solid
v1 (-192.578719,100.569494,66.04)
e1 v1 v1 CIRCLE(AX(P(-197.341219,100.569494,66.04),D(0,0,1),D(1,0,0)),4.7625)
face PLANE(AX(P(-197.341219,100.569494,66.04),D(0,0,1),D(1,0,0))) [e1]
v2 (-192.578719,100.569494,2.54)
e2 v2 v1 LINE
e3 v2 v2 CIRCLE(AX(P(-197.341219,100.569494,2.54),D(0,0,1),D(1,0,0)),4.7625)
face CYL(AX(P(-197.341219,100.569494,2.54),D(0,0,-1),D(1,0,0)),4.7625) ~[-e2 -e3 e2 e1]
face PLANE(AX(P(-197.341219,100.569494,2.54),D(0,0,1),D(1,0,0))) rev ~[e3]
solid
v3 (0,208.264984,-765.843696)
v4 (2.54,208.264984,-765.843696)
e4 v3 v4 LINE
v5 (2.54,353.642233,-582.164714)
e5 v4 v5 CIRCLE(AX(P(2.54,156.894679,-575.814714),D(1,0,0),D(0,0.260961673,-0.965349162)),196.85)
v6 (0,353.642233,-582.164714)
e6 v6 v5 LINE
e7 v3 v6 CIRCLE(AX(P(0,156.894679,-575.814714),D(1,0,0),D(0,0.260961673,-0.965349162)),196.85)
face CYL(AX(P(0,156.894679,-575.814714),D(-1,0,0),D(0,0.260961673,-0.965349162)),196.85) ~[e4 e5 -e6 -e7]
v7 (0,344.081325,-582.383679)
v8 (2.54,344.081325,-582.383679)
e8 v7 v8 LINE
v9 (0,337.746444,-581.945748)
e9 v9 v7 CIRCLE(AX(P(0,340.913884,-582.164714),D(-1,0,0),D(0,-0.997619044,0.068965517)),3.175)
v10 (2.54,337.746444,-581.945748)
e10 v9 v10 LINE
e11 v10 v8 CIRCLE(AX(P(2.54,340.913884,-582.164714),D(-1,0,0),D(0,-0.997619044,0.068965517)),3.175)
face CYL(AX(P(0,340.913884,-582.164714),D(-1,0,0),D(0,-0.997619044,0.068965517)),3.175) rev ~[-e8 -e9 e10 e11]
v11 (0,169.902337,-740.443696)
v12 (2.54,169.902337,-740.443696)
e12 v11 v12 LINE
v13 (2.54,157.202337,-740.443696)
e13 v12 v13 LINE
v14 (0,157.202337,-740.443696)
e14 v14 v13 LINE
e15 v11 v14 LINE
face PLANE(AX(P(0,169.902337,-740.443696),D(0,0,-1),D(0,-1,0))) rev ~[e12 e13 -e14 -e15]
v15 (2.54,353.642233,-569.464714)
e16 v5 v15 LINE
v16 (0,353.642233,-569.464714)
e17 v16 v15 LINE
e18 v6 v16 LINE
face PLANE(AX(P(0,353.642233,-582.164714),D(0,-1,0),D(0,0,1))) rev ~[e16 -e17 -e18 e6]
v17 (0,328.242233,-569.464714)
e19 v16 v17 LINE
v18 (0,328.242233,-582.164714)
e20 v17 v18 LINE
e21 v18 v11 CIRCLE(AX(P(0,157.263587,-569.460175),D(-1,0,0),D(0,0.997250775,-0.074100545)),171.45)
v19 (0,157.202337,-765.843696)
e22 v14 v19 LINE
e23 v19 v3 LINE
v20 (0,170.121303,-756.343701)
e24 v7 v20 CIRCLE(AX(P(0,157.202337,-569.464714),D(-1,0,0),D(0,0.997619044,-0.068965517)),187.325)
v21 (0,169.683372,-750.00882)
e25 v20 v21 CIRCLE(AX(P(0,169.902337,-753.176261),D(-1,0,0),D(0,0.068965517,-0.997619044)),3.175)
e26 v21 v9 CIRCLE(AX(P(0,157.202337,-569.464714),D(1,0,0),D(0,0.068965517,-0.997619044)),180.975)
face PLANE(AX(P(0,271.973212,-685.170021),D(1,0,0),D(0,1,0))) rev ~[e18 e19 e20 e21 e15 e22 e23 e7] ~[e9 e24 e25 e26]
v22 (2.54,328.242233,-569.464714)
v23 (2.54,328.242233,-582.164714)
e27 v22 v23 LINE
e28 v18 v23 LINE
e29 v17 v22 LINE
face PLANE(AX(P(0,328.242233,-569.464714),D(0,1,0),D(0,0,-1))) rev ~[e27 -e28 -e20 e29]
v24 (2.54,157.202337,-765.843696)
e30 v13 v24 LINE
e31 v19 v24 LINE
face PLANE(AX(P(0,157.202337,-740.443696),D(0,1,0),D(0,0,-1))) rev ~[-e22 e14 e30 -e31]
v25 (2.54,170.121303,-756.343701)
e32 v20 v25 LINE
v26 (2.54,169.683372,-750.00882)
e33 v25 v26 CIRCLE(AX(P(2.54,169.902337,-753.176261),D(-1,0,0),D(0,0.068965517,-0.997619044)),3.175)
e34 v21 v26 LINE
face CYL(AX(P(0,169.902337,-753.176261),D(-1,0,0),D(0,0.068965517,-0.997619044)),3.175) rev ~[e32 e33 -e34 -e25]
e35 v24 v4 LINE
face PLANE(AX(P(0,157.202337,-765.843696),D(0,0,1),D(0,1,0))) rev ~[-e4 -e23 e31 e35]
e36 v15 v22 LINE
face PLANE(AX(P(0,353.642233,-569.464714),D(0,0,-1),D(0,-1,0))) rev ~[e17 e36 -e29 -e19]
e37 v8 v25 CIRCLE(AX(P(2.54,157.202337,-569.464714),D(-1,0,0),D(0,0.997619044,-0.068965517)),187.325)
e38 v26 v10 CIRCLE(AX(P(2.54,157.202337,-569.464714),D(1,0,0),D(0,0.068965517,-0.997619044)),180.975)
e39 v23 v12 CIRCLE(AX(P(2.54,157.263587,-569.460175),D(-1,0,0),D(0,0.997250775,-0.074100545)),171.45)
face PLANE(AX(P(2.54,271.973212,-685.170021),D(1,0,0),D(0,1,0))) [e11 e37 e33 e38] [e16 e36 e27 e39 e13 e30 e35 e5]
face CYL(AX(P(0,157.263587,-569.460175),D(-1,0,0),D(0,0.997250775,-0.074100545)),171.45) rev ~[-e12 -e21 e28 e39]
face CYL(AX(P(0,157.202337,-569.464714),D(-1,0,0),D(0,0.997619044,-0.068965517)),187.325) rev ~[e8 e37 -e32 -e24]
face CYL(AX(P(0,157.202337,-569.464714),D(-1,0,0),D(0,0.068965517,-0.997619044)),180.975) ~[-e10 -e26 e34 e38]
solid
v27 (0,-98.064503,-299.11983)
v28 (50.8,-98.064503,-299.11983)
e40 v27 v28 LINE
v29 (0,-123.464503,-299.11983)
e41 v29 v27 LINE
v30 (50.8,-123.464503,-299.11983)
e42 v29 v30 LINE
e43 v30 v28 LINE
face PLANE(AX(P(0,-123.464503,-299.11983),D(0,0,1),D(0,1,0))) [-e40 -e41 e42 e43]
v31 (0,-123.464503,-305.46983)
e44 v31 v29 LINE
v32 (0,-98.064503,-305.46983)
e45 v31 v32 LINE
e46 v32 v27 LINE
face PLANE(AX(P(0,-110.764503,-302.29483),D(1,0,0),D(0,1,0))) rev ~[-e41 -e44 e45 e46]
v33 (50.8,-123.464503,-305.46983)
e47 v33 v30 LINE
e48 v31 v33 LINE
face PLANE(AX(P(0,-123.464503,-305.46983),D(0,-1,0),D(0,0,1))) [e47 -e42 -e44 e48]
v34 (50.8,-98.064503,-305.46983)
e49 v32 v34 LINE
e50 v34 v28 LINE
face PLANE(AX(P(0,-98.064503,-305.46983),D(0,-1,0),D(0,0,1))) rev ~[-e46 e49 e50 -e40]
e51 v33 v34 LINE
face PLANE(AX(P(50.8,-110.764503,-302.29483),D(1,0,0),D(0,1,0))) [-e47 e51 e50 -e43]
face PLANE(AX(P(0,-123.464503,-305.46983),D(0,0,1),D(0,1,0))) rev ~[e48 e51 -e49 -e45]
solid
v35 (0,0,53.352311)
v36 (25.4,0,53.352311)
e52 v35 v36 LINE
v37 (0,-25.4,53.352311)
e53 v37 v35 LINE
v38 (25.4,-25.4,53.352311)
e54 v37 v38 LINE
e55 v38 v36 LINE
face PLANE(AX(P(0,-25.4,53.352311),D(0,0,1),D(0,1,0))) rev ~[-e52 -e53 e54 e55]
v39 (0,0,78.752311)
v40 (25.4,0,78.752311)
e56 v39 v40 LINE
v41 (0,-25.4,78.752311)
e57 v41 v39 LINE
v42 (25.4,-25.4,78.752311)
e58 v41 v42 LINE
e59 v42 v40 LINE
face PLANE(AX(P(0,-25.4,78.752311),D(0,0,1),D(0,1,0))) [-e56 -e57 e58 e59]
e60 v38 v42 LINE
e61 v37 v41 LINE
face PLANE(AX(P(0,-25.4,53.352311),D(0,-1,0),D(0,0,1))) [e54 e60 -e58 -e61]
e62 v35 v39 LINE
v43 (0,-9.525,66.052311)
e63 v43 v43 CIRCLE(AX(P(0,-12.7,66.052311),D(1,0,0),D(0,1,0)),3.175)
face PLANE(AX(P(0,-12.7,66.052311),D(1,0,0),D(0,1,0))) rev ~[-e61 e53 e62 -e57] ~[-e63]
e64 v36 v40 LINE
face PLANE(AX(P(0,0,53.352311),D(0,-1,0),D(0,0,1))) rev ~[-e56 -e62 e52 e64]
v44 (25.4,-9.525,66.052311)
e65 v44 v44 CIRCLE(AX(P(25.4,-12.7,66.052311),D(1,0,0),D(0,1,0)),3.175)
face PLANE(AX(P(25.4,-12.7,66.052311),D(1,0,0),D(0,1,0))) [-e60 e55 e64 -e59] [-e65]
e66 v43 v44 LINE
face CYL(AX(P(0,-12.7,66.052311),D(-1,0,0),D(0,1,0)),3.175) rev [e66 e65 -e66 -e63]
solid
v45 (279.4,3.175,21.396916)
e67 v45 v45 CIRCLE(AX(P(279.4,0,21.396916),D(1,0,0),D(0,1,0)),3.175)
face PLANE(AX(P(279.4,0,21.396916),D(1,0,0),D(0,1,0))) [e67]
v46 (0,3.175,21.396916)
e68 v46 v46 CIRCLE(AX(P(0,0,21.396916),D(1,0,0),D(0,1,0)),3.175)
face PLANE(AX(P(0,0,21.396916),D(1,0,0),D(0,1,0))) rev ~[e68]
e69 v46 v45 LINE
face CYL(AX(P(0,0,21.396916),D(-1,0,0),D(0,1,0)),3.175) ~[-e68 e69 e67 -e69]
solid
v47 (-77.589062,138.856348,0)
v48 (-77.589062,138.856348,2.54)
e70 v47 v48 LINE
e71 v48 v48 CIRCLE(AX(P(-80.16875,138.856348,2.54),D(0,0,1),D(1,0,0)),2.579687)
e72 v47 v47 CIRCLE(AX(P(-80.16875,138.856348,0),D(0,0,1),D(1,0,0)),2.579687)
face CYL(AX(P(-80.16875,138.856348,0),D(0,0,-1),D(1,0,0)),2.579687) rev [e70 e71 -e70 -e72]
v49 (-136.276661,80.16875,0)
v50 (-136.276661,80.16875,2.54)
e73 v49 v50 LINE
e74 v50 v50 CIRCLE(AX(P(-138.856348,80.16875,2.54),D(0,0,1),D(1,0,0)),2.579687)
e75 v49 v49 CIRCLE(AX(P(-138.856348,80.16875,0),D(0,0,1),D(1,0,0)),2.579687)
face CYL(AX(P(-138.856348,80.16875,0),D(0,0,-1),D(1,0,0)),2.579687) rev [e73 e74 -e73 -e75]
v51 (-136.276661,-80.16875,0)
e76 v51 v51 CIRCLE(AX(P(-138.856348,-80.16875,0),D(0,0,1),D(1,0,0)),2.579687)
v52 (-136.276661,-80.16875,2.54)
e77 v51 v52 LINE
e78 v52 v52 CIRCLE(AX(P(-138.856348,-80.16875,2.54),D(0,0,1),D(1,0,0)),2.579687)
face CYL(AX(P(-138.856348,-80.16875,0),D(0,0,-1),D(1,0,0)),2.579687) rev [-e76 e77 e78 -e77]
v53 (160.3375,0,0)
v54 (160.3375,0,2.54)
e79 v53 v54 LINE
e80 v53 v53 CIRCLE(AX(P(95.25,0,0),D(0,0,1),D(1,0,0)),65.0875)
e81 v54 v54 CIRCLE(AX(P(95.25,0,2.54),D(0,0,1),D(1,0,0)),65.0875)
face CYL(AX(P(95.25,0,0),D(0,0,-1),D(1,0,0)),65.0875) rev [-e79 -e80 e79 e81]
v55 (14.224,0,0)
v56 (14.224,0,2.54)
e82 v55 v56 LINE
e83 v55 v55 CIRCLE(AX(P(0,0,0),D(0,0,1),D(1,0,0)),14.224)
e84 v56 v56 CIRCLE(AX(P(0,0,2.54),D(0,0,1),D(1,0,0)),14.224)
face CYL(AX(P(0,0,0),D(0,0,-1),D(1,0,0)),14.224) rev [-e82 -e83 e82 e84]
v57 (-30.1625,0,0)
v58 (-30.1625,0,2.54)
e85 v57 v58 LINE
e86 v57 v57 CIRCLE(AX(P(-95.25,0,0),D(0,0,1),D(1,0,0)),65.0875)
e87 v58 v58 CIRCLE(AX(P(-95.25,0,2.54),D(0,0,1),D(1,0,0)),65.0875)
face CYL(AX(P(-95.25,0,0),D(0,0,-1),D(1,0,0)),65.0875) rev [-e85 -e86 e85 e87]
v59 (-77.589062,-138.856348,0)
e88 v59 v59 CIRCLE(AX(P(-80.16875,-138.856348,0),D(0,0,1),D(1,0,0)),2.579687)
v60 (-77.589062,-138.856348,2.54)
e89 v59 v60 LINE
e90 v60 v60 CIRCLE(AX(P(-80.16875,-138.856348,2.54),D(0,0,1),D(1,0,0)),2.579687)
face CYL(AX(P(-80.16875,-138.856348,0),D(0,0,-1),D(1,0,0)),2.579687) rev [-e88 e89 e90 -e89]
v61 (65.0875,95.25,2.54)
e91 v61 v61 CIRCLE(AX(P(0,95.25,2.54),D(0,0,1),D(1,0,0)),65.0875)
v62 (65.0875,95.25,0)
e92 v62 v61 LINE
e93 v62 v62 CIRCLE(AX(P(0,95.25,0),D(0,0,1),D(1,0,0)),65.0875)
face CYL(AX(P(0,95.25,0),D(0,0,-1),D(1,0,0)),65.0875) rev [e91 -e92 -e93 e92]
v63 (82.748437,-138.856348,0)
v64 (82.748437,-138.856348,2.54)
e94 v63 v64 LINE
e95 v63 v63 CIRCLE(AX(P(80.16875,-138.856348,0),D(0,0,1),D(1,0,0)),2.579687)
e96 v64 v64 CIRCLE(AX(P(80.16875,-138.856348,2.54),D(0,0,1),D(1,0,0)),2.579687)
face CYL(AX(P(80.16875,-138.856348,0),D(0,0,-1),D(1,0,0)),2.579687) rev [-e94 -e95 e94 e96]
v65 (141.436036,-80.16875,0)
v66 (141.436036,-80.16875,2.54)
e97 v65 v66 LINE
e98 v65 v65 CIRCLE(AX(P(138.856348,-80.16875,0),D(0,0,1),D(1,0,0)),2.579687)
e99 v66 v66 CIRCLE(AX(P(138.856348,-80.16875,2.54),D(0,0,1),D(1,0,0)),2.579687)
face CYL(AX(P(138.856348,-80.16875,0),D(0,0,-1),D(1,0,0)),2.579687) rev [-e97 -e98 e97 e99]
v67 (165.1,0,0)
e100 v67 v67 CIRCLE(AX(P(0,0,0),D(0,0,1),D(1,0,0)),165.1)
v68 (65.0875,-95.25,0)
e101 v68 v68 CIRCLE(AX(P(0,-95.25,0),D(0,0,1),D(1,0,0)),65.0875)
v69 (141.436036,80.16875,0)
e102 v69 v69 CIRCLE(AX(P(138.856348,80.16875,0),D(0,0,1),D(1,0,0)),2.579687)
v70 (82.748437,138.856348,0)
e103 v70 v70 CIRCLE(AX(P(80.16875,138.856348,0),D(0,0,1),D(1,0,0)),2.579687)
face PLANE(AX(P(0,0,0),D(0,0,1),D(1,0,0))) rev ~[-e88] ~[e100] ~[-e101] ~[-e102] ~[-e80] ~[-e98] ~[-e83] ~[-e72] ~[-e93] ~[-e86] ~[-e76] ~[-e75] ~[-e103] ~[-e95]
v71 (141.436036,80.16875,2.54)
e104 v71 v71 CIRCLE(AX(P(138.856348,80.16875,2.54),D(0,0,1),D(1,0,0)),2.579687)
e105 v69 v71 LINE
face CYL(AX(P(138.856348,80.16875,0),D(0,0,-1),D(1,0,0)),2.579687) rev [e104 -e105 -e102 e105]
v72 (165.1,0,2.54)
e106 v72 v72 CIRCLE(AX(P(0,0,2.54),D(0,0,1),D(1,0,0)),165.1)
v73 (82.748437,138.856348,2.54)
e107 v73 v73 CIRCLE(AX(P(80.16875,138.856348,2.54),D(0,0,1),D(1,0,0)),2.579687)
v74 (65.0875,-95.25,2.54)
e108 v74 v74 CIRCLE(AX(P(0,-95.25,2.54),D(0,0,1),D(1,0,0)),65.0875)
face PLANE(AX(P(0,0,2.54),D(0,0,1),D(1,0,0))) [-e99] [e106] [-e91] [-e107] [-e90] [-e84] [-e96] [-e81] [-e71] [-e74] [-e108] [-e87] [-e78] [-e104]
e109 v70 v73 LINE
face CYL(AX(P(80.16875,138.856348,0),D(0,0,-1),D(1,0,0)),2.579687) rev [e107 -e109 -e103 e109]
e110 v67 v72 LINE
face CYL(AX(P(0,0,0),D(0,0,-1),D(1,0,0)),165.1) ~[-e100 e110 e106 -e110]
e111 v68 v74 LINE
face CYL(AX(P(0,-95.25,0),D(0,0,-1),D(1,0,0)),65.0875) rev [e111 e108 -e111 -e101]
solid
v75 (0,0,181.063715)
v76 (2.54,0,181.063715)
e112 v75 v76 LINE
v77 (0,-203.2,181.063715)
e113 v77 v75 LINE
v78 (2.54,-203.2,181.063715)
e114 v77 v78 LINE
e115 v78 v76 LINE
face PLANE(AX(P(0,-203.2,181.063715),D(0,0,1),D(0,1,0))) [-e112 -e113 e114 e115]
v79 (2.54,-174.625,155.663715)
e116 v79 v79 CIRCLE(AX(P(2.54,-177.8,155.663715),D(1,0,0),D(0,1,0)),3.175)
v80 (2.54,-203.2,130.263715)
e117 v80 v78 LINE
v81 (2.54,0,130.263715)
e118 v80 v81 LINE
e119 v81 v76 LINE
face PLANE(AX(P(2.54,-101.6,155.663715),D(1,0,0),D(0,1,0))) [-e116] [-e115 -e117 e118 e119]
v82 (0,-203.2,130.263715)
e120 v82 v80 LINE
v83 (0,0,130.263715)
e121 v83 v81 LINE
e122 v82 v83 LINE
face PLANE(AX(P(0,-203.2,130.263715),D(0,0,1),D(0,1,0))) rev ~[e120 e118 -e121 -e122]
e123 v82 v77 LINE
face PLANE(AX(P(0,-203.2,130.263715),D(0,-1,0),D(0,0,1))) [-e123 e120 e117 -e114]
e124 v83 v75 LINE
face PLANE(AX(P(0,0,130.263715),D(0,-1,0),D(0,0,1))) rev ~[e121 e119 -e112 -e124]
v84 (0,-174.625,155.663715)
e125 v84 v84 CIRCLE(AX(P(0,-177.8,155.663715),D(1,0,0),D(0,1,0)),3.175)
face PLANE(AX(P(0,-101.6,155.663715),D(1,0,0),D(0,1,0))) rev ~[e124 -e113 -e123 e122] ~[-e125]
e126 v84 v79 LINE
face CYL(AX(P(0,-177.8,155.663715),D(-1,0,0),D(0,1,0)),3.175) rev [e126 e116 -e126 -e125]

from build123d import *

# Parameters (mm, degrees)
F0_R      = 165.1
F0_R_2    = 2.5796875
F0_R_3    = 65.0875
F0_R_4    = 14.224
F1_DEPTH  = 2.54
F2_R      = 4.7625
F3_DEPTH  = 63.5
F4_W      = 203.2
F4_H      = 50.8
F4_R      = 3.175
F5_DEPTH  = 2.54
F6_R      = 3.175
F7_DEPTH  = 279.4
F8_W      = 25.4
F8_H      = 25.4
F8_R      = 3.175
F9_DEPTH  = 25.4
F11_DEPTH = 2.54
F12_W     = 25.4
F12_H     = 6.35
F13_DEPTH = 50.8


with BuildPart() as f1:
    # F0 (on Top) → F1 (new body)
    with BuildSketch(Plane.XY):
        Circle(F0_R)
        with Locations((-80.16875, -138.8563481793)):
            Circle(F0_R_2, mode=Mode.SUBTRACT)
        with Locations((-138.8563481793, -80.16875)):
            Circle(F0_R_2, mode=Mode.SUBTRACT)
        with Locations((80.16875, -138.8563481793)):
            Circle(F0_R_2, mode=Mode.SUBTRACT)
        with Locations((0, -95.25)):
            Circle(F0_R_3, mode=Mode.SUBTRACT)
        with Locations((138.8563481793, -80.16875)):
            Circle(F0_R_2, mode=Mode.SUBTRACT)
        with Locations((-95.25, 0)):
            Circle(F0_R_3, mode=Mode.SUBTRACT)
        with Locations((-138.8563481793, 80.16875)):
            Circle(F0_R_2, mode=Mode.SUBTRACT)
        with Locations((-80.16875, 138.8563481793)):
            Circle(F0_R_2, mode=Mode.SUBTRACT)
        Circle(F0_R_4, mode=Mode.SUBTRACT)
        with Locations((95.25, 0)):
            Circle(F0_R_3, mode=Mode.SUBTRACT)
        with Locations((138.8563481793, 80.16875)):
            Circle(F0_R_2, mode=Mode.SUBTRACT)
        with Locations((0, 95.25)):
            Circle(F0_R_3, mode=Mode.SUBTRACT)
        with Locations((80.16875, 138.8563481793)):
            Circle(F0_R_2, mode=Mode.SUBTRACT)
    extrude(amount=F1_DEPTH)


with BuildPart() as f3:
    # F2 (on face) → F3 (new body)
    with BuildSketch(Plane.XY.offset(2.54)):
        with Locations((-197.3412185907, 100.5694940686)):
            Circle(F2_R)
    extrude(amount=F3_DEPTH)


with BuildPart() as f5:
    # F4 (on Right) → F5 (new body)
    with BuildSketch(Plane.YZ):
        with Locations((-101.6, 155.6637153042)):
            Rectangle(F4_W, F4_H)
        with Locations((-177.8, 155.6637153042)):
            Circle(F4_R, mode=Mode.SUBTRACT)
    extrude(amount=F5_DEPTH)


with BuildPart() as f7:
    # F6 (on Right) → F7 (new body)
    with BuildSketch(Plane.YZ):
        with Locations((0, 21.3969157429)):
            Circle(F6_R)
    extrude(amount=F7_DEPTH)


with BuildPart() as f9:
    # F8 (on Right) → F9 (new body)
    with BuildSketch(Plane.YZ):
        with Locations((-12.7, 66.0523111046)):
            Rectangle(F8_W, F8_H)
        with Locations((-12.7, 66.0523111046)):
            Circle(F8_R, mode=Mode.SUBTRACT)
    extrude(amount=F9_DEPTH)


with BuildPart() as f11:
    # F10 (on Right) → F11 (new body)
    with BuildSketch(Plane.YZ):
        with BuildLine():
            Line((353.6422328556, -569.4647138109), (328.2422328556, -569.4647138109))
            Line((328.2422328556, -569.4647138109), (328.2422328556, -582.1647138109))
            ThreePointArc((328.2422328556, -582.1647138109), (278.4737192788, -690.7169542151), (169.9023374678, -740.4436964374))
            Line((169.9023374678, -740.4436964374), (157.2023374678, -740.4436964374))
            Line((157.2023374678, -740.4436964374), (157.2023374678, -765.8436964374))
            Line((157.2023374678, -765.8436964374), (208.2649841227, -765.8436964374))
            ThreePointArc((208.2649841227, -765.8436964374), (311.2485261911, -697.9818629004), (353.6422328556, -582.1647138109))
            Line((353.6422328556, -582.1647138109), (353.6422328556, -569.4647138109))
        make_face()
        with BuildLine():
            ThreePointArc((337.7464439992, -581.9457482937), (341.1328499819, -578.9972733454), (344.0813249301, -582.3836793281))
            ThreePointArc((344.0813249301, -582.3836793281), (289.6611152535, -701.9234915967), (170.121302985, -756.3437012733))
            ThreePointArc((170.121302985, -756.3437012733), (166.7348970023, -753.3952263251), (169.6833719505, -750.0088203424))
            ThreePointArc((169.6833719505, -750.0088203424), (285.170987193, -697.4333635361), (337.7464439992, -581.9457482937))
        make_face(mode=Mode.SUBTRACT)
    extrude(amount=F11_DEPTH)


with BuildPart() as f13:
    # F12 (on Right) → F13 (new body)
    with BuildSketch(Plane.YZ):
        with Locations((-110.764503479, -302.2948301549)):
            Rectangle(F12_W, F12_H)
    extrude(amount=F13_DEPTH)


solid = Compound([f1.part, f3.part, f5.part, f7.part, f9.part, f11.part, f13.part])
